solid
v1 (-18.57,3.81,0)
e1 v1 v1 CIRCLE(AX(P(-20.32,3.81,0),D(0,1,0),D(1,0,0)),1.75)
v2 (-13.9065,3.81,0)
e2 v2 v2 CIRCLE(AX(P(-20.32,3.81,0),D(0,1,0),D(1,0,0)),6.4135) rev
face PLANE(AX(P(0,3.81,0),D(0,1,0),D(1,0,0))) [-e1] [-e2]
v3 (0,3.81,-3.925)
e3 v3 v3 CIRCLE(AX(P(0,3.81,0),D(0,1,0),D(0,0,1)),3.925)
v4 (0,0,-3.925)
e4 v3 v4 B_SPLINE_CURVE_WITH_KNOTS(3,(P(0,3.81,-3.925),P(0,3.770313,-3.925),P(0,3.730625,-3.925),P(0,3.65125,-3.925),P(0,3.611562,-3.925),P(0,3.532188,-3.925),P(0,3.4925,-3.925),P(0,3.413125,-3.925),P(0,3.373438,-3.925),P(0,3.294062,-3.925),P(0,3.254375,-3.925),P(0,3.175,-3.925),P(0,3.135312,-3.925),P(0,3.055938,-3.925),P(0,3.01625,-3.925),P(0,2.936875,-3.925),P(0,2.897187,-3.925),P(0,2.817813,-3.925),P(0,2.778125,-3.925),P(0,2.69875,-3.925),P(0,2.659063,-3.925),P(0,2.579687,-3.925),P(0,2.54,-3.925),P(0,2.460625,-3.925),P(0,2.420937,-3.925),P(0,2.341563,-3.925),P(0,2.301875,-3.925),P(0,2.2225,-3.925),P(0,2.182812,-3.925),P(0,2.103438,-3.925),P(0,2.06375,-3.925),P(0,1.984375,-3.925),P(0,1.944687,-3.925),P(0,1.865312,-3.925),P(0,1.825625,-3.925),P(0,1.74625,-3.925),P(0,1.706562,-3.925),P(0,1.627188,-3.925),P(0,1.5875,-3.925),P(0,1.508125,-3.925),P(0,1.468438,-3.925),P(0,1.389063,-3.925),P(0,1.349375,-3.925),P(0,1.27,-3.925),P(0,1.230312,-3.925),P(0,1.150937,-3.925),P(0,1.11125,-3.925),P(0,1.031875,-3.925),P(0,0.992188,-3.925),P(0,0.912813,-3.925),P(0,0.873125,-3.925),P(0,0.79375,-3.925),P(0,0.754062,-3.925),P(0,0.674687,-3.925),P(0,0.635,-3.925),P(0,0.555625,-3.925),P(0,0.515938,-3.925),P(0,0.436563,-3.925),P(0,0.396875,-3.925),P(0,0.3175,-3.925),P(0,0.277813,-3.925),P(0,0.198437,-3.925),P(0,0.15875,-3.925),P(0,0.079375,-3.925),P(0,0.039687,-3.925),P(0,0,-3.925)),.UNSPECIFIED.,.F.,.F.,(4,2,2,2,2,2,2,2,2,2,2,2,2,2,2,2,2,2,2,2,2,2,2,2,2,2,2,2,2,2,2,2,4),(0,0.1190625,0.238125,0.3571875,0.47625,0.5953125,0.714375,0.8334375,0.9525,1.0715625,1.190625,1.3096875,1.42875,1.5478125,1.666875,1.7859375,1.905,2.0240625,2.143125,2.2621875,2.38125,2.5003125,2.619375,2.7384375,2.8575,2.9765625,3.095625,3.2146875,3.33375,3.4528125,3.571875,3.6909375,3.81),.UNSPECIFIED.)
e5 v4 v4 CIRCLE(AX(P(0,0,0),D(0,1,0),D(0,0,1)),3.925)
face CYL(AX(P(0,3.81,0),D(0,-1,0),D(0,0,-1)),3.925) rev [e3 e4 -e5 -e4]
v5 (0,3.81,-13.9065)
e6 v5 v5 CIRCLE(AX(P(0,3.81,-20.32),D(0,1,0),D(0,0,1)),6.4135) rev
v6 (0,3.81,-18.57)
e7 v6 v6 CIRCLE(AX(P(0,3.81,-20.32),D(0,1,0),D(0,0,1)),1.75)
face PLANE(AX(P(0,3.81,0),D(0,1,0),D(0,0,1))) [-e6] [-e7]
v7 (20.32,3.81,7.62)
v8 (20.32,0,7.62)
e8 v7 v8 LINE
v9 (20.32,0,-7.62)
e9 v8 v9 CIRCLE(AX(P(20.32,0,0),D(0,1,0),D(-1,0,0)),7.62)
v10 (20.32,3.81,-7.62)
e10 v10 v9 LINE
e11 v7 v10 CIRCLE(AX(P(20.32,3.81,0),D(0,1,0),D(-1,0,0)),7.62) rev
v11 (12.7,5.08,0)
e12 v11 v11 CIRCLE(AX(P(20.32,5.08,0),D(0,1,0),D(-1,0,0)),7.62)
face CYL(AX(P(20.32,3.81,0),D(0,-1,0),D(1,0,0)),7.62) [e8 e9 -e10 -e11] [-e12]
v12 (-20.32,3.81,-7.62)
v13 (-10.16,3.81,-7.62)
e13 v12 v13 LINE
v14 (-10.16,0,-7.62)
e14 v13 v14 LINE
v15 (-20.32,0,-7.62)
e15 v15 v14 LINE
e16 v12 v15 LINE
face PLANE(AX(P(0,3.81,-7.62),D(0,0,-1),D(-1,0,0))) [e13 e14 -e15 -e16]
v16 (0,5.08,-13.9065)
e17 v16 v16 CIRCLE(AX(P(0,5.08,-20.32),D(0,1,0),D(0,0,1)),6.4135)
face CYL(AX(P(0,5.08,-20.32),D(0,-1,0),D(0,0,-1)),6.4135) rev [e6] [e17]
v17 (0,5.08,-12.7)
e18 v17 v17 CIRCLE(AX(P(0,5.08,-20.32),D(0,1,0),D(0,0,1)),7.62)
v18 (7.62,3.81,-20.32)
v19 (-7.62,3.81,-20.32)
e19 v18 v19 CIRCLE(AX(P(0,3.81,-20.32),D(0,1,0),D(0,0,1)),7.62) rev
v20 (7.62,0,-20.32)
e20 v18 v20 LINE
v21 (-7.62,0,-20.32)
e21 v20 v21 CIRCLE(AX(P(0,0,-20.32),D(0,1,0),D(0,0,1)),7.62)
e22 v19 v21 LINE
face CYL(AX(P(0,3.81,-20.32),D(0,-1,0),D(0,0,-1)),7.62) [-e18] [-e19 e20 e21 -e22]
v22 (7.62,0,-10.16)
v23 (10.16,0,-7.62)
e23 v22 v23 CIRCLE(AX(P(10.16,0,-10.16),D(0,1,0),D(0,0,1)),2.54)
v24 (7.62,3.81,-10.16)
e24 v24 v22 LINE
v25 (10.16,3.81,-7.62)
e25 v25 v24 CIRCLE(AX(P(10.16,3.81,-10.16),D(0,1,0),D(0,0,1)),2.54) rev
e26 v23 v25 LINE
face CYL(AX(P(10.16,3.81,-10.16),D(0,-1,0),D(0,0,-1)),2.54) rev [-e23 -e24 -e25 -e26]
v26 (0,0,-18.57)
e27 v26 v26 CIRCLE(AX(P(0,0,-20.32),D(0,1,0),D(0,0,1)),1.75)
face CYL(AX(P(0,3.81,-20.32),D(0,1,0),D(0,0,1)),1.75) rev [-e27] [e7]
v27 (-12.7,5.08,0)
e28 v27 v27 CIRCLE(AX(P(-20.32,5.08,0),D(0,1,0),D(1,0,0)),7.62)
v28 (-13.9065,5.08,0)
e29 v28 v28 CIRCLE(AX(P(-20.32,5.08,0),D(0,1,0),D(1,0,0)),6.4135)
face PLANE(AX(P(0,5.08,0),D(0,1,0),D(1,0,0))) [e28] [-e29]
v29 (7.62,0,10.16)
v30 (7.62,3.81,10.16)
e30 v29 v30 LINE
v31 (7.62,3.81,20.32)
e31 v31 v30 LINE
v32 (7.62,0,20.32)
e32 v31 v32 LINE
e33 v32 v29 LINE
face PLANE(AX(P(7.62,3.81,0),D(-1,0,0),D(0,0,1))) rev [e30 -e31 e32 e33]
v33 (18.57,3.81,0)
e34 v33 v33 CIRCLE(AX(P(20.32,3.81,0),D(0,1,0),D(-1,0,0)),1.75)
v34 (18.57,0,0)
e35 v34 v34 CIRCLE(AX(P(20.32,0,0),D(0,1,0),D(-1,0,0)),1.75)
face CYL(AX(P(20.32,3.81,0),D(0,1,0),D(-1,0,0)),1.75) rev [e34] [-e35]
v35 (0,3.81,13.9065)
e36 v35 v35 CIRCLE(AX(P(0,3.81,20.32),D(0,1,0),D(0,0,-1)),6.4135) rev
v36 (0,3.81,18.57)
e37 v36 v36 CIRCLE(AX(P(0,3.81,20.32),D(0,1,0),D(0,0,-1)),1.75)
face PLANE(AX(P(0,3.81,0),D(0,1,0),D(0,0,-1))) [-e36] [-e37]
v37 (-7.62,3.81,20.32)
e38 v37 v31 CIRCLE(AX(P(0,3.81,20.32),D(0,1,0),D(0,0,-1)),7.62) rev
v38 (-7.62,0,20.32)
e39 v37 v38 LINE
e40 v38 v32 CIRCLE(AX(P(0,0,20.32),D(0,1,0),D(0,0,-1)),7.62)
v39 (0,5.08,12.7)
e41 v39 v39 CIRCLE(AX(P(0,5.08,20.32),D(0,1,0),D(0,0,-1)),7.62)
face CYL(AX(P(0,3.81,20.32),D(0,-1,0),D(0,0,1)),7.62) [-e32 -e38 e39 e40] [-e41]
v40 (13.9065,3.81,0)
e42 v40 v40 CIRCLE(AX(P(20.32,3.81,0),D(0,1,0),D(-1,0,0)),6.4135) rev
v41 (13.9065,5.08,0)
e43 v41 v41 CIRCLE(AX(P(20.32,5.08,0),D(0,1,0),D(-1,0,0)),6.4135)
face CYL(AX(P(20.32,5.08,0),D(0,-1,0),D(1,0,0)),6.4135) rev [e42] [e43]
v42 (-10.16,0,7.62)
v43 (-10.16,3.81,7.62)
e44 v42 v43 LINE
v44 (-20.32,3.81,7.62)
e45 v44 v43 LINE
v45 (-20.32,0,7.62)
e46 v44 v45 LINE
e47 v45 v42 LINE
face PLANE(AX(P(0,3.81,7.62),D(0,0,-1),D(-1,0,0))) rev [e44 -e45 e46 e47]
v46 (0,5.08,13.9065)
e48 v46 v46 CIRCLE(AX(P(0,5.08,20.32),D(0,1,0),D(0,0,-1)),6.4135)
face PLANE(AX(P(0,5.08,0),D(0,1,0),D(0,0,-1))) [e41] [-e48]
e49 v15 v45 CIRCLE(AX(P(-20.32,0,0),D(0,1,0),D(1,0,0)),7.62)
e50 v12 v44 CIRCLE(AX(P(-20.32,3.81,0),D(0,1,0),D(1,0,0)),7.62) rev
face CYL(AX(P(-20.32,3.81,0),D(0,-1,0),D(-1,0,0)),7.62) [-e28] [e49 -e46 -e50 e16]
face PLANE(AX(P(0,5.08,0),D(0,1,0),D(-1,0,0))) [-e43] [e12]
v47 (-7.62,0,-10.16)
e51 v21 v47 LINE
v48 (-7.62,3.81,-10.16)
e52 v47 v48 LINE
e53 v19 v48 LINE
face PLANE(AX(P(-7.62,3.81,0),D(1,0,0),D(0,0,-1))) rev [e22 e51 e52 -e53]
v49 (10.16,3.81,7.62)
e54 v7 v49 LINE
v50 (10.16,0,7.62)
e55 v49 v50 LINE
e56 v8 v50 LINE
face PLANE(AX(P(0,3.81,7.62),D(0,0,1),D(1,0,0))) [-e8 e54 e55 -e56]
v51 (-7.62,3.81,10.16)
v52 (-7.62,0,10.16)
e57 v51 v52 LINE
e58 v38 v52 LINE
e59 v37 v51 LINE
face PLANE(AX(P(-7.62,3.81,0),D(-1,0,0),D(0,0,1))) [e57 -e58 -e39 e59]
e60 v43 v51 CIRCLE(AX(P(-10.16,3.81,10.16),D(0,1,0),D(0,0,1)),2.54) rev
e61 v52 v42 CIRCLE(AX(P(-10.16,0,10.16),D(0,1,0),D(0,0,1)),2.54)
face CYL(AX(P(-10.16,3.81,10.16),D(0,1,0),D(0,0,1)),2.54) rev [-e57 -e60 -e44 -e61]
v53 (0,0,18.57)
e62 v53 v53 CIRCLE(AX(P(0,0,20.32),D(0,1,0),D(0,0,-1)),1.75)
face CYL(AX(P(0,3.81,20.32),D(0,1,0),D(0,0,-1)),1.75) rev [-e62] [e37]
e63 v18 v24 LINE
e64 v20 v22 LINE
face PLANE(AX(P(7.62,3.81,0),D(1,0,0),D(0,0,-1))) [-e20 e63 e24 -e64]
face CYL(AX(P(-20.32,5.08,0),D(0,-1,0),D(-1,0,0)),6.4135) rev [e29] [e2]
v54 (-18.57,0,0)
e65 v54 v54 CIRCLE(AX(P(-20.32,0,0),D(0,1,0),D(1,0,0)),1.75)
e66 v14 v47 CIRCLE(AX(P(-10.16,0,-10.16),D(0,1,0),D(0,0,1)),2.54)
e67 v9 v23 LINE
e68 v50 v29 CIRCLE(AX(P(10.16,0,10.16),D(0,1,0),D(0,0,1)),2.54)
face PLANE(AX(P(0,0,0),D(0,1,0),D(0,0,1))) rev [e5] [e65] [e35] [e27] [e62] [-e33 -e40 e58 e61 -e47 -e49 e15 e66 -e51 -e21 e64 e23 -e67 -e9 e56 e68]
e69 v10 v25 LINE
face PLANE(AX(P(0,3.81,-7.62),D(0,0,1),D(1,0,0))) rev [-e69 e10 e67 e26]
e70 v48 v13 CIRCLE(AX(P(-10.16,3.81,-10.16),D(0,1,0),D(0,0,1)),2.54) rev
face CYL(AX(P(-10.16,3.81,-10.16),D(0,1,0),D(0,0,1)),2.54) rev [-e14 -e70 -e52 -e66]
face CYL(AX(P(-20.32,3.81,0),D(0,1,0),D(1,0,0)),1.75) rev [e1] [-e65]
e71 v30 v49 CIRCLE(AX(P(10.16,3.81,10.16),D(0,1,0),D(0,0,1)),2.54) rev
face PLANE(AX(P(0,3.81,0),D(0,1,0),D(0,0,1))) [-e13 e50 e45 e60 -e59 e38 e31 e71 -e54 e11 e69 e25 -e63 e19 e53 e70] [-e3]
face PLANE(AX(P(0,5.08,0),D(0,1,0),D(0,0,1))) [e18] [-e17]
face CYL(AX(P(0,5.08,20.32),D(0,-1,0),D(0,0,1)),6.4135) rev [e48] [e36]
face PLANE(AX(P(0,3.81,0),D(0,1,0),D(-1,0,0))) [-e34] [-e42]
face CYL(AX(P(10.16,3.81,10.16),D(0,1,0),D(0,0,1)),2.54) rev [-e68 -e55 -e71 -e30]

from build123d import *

# Parameters (mm, degrees)
SKETCH1_R                       = 3.925
BOSS_EXTRUDE1_DEPTH             = 3.81
SKETCH1_3_R                     = 6.4135
BOSS_EXTRUDE2_DEPTH             = 5.08
F_5_0_13779528_DIAMETER_HOLE1_D = 3.500000112
CIRPATTERN1_COUNT               = 4
FILLET1_R                       = 2.54


with BuildPart() as part:
    # Sketch1 → Boss-Extrude1 (new body)
    with BuildSketch(Plane(origin=(0, 0, 0), x_dir=(1, 0, 0), z_dir=(0, 1, 0))):
        with BuildLine():
            ThreePointArc((7.62, 20.32), (0, 27.94), (-7.62, 20.32))
            Line((-7.62, 20.32), (-7.62, 6.892838675))
            ThreePointArc((-7.62, 6.892838675), (0, -10.275), (7.62, 6.892838675))
            Line((7.62, 6.892838675), (7.62, 20.32))
        make_face()
        Circle(SKETCH1_R, mode=Mode.SUBTRACT)
    extrude(amount=BOSS_EXTRUDE1_DEPTH)

    # Sketch1<3> → Boss-Extrude2 (add)
    with BuildSketch(Plane(origin=(0, 0, 0), x_dir=(1, 0, 0), z_dir=(0, 1, 0))):
        with BuildLine():
            ThreePointArc((-7.62, 20.32), (0, 12.7), (7.62, 20.32))
            ThreePointArc((7.62, 20.32), (0, 27.94), (-7.62, 20.32))
        make_face()
        with Locations((0, 20.32)):
            Circle(SKETCH1_3_R, mode=Mode.SUBTRACT)
    extrude(amount=BOSS_EXTRUDE2_DEPTH)

    # #5 (0.13779528) Diameter Hole1 (through all)
    with Locations(Plane(origin=(0, 3.81, 0), x_dir=(1, 0, 0), z_dir=(0, 1, 0))):
        with Locations((0, 20.32)):
            Hole(F_5_0_13779528_DIAMETER_HOLE1_D / 2)

    # CirPattern1: part ×4 about axis
    cirpattern1_axis = Axis((0, 3.81, 0), (0, 1, 0))


with BuildPart() as part_1:
    add(part.part)
    for i in range(1, CIRPATTERN1_COUNT):
        add(part.part.rotate(cirpattern1_axis, i * 360 / CIRPATTERN1_COUNT))

    # Fillet1
    fillet1_edges = [part_1.edges().sort_by_distance(p)[0] for p in [
        (-7.62, 1.905, -7.62),
        (7.62, 1.905, -7.62),
        (-7.62, 1.905, 7.62),
        (7.62, 1.905, 7.62),
    ]]
    fillet(fillet1_edges, radius=FILLET1_R)


solid = part_1.part
